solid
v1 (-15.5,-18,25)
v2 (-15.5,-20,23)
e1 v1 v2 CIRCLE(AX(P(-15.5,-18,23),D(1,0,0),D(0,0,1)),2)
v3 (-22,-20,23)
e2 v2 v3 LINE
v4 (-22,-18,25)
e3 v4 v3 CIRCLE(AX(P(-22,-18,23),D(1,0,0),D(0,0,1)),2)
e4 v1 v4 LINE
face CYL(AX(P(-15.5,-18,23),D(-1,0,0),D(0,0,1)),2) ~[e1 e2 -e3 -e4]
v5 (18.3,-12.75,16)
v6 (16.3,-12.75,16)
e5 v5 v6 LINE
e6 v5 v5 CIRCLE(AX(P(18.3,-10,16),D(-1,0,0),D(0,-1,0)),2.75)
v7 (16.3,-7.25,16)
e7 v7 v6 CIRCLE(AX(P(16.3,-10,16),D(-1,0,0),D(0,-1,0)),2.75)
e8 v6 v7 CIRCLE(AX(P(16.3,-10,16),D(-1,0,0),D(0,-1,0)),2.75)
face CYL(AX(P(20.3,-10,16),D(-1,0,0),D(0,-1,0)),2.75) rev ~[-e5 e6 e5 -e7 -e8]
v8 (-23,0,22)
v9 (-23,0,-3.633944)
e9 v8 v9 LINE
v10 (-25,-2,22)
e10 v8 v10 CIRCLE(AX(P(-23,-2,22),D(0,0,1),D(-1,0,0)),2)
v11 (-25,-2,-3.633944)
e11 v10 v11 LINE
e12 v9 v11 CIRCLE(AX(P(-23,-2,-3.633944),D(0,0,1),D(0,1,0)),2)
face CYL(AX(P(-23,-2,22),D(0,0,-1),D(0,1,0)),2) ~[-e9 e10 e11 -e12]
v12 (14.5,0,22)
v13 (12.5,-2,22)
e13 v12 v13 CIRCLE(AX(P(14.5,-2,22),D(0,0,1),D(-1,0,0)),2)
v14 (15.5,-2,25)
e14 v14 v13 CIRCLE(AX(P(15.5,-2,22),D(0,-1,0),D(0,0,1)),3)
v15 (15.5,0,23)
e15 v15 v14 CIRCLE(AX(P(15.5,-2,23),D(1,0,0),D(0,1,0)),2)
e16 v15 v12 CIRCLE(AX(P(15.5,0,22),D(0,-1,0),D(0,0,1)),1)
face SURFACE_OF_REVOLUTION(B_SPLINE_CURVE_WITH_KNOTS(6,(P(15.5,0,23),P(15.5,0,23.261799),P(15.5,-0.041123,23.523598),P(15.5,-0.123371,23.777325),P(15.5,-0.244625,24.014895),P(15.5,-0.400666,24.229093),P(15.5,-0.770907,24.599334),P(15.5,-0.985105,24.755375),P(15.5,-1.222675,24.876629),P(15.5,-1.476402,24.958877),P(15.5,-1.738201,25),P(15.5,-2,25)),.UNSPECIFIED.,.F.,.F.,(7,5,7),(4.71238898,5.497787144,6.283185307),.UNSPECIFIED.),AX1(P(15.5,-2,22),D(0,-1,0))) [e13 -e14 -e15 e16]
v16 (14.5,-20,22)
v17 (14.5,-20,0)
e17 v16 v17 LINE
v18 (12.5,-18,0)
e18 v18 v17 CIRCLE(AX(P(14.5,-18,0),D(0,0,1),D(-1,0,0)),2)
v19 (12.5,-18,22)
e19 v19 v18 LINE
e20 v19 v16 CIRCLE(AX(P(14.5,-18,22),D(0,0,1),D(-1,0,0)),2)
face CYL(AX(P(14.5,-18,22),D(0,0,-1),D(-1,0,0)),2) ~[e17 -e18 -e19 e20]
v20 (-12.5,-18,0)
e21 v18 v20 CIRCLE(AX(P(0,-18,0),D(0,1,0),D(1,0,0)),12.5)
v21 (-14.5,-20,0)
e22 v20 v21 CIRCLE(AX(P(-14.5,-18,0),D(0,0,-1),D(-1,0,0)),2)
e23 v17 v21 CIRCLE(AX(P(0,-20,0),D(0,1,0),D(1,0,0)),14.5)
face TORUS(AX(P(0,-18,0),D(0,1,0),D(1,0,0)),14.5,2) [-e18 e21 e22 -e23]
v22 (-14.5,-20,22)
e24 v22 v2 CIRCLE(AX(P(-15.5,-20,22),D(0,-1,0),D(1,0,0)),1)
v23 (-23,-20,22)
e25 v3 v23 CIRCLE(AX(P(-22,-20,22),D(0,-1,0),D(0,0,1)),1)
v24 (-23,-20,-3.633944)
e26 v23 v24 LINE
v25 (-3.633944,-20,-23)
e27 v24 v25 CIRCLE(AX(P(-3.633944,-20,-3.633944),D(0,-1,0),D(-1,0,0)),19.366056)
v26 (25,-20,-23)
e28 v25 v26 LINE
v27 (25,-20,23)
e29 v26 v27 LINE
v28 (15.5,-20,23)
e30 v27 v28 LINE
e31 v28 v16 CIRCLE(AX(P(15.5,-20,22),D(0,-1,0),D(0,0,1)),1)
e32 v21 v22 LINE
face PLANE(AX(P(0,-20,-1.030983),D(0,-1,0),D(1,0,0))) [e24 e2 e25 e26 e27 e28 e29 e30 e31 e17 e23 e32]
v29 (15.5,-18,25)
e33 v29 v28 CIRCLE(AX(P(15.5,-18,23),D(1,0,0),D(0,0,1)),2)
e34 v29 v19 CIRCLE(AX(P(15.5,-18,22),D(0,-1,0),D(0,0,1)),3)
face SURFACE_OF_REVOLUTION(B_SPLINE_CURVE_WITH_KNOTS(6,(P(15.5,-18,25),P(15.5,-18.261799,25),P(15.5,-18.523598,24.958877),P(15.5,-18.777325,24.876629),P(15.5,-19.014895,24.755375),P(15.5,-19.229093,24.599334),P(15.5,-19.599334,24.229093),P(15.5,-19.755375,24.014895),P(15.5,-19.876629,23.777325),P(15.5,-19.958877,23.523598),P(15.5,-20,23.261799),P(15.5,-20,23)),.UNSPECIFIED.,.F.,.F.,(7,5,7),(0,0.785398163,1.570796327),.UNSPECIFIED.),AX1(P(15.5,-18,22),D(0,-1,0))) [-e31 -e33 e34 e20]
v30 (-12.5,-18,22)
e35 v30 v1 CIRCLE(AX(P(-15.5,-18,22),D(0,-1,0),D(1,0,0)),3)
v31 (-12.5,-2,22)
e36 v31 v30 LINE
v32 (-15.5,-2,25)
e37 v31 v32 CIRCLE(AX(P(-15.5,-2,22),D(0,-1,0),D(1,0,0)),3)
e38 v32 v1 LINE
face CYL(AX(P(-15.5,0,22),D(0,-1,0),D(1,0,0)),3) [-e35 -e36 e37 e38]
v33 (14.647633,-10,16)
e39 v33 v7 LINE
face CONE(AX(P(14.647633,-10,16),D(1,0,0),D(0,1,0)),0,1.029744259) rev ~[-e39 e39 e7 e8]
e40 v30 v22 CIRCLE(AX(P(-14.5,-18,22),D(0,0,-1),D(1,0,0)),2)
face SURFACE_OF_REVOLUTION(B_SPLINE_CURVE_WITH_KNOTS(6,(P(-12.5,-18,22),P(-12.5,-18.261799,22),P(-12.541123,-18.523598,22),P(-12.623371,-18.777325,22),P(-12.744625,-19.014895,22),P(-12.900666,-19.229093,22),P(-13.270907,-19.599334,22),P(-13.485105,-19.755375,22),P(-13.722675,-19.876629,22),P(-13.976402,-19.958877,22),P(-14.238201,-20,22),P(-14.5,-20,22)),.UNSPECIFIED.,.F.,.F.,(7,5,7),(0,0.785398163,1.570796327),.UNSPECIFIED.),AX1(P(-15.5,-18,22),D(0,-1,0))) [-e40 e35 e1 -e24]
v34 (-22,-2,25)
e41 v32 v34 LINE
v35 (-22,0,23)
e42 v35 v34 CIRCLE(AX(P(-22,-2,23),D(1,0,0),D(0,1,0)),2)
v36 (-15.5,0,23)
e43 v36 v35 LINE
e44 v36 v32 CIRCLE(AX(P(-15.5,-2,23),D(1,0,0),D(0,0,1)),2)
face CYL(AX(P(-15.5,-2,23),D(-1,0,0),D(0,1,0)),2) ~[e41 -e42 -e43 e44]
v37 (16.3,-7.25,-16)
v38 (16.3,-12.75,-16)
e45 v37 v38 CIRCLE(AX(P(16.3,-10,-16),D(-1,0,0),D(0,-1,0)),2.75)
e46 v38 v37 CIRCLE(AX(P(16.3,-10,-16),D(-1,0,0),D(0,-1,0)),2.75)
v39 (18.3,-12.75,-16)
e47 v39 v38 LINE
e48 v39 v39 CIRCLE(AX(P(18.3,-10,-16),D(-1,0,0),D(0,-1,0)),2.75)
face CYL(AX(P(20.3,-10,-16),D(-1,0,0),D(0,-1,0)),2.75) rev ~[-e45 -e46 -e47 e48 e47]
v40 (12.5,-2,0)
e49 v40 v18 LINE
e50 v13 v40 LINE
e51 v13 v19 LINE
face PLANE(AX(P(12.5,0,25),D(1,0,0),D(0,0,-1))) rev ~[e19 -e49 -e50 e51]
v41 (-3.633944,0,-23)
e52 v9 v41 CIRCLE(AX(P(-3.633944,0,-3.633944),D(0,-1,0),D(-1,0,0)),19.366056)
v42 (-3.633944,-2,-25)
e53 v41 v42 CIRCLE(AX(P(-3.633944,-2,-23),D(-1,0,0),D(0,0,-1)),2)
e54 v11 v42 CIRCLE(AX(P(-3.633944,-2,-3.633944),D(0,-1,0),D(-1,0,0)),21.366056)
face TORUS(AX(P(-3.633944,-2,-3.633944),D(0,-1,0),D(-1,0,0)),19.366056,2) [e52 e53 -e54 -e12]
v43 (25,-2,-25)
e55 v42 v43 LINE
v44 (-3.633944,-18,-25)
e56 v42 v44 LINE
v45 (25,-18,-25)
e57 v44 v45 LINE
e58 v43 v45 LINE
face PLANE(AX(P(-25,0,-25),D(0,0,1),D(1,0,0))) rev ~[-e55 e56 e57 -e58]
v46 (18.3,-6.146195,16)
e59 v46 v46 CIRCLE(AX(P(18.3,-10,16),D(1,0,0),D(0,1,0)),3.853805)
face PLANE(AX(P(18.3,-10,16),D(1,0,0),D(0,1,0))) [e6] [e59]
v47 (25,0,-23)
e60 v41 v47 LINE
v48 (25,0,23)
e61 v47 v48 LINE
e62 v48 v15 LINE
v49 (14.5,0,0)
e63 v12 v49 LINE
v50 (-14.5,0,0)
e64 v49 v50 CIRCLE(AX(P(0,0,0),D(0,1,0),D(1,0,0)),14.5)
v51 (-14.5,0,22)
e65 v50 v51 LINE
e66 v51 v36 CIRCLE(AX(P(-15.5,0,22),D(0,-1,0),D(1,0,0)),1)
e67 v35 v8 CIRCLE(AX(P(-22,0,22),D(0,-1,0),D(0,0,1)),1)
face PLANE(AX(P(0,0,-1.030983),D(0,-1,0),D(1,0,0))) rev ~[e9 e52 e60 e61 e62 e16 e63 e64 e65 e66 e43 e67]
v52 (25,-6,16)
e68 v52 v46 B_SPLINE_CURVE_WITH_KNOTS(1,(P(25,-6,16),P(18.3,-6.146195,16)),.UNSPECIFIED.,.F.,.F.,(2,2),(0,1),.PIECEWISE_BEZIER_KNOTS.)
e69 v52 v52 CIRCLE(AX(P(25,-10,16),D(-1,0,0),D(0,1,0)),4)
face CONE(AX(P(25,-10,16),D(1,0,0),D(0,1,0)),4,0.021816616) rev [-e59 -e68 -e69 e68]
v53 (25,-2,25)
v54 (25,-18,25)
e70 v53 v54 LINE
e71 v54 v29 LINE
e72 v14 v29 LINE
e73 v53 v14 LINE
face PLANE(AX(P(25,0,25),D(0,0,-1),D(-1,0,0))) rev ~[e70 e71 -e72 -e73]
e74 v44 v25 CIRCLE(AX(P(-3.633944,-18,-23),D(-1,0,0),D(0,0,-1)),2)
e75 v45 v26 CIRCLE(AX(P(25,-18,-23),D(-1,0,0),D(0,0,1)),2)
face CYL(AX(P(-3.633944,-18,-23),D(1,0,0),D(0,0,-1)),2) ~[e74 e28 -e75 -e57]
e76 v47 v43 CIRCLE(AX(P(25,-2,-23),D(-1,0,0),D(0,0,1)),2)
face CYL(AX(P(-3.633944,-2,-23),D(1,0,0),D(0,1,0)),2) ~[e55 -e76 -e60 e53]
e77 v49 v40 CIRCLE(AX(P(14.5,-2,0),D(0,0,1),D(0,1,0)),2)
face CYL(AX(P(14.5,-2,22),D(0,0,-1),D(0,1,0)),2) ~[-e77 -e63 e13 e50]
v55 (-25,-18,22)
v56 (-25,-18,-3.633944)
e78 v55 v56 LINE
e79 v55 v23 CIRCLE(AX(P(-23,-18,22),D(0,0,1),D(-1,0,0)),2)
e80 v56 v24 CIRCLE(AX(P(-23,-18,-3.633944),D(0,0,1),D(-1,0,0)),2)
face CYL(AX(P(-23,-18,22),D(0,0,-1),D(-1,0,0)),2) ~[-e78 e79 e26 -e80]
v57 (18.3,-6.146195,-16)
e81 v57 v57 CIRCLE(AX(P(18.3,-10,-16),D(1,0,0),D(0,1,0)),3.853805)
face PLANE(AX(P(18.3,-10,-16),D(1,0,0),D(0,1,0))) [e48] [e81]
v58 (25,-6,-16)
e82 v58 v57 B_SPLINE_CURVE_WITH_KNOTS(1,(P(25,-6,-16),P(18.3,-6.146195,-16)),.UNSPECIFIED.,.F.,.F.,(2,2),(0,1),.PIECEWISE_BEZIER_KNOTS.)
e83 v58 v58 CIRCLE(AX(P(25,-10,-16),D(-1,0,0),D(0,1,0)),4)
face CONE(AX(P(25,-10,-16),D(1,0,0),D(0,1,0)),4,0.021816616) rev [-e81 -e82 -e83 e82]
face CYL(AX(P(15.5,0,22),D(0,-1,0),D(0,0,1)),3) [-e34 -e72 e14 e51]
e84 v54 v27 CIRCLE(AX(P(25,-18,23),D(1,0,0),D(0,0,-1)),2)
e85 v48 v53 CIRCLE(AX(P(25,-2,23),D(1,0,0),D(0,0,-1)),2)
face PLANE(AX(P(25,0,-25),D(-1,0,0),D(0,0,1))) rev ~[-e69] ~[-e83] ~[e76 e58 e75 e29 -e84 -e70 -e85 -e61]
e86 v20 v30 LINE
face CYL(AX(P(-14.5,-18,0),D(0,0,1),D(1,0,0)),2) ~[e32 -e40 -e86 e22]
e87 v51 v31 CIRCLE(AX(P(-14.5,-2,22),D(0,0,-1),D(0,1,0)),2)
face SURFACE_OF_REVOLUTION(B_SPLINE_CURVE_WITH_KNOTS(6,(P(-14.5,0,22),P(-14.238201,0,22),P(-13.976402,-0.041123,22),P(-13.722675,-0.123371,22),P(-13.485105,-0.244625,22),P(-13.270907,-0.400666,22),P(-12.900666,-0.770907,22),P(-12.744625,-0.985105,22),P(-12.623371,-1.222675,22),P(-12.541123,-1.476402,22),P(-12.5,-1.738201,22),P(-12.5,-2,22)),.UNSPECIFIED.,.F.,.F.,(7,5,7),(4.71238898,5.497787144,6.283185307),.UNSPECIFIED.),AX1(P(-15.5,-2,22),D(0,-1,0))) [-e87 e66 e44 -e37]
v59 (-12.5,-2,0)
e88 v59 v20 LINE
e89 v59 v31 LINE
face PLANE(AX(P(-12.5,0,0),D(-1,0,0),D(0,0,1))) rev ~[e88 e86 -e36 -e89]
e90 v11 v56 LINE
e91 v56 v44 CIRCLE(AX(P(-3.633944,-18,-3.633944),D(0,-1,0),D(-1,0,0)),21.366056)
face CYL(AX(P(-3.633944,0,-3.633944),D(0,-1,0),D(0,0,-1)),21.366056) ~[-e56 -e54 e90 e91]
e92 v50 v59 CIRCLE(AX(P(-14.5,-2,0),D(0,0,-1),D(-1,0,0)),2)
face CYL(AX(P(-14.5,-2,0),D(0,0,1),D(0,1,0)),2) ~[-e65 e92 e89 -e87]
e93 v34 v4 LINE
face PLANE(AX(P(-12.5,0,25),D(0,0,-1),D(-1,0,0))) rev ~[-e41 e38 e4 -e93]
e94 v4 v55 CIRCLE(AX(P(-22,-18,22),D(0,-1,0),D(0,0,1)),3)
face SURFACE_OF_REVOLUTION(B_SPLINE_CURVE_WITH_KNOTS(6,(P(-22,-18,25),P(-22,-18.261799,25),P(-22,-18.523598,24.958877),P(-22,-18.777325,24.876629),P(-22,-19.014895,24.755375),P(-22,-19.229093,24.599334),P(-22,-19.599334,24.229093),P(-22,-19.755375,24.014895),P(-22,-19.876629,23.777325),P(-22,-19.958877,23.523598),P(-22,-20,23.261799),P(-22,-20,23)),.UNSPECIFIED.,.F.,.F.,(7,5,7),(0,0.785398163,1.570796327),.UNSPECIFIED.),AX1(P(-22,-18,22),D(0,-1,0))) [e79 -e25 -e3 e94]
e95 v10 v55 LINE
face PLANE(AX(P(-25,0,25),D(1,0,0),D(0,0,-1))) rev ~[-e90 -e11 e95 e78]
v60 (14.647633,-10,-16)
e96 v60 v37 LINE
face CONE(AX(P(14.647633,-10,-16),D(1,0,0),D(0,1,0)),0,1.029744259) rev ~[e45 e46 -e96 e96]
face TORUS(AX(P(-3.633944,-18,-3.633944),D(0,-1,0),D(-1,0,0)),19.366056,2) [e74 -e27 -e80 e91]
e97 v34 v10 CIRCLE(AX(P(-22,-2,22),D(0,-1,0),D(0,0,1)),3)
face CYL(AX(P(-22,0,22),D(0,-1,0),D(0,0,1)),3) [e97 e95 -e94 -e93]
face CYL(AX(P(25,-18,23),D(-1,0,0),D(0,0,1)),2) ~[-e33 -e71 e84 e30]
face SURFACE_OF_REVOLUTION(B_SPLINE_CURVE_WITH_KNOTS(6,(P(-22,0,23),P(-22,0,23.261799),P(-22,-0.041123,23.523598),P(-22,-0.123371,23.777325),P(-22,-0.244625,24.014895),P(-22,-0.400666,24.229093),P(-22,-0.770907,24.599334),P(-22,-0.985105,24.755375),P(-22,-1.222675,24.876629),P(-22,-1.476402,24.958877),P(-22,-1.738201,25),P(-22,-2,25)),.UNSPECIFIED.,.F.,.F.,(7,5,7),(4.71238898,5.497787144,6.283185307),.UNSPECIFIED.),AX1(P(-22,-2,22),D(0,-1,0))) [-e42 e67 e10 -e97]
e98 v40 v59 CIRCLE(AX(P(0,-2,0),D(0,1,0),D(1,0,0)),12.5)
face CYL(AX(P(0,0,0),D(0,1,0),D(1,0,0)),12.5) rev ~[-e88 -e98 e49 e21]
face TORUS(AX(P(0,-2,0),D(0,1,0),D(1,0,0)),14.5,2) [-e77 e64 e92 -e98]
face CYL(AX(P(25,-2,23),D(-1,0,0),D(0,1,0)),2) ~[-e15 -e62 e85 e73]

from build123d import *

# Parameters (mm, degrees)
F1_DEPTH = 20
F2_R     = 3
F3_R     = 21.3660555905
F4_R     = 4
F7_DEPTH = 6.7
F7_TAPER = 1.25
F8_D     = 5.5
F8_DEPTH = 2
F8_START = 6.7
F8_TIP   = 1.6523667023
F9_R     = 2


with BuildPart() as f1:
    # F0 (on Front) → F1 (new body)
    with BuildSketch(Plane.XZ):
        with BuildLine():
            Line((-25, -25), (25, -25))
            Line((25, -25), (25, 25))
            Line((25, 25), (12.5, 25))
            Line((12.5, 25), (12.5, 0))
            ThreePointArc((12.5, 0), (0, -12.5), (-12.5, 0))
            Line((-12.5, 0), (-12.5, 25))
            Line((-12.5, 25), (-25, 25))
            Line((-25, 25), (-25, -25))
        make_face()
    extrude(amount=F1_DEPTH)

    # F2
    f2_edges = [f1.edges().sort_by_distance(p)[0] for p in [
        (12.5, -10, 25),
        (-12.5, -10, 25),
        (-25, -10, 25),
    ]]
    fillet(f2_edges, radius=F2_R)

    # F3
    f3_edges = [f1.edges().sort_by_distance(p)[0] for p in [
        (-25, -10, -25),
    ]]
    fillet(f3_edges, radius=F3_R)

    # F4 (on face) → F7 (cut)
    with BuildSketch(Plane.YZ.offset(25)):
        with Locations((-10, 16)):
            Circle(F4_R)
        with Locations((-10, -16)):
            Circle(F4_R)
    extrude(amount=-F7_DEPTH, taper=F7_TAPER, mode=Mode.SUBTRACT)

    # F8
    # its depths count from where the whole tool has entered the part; down to there all is cleared
    with Locations(Plane.YZ.offset(25)):
        with Locations((-10, 16), (-10, -16)):
            Hole(F8_D / 2, depth=F8_START)
    with Locations(Plane.YZ.offset(25).offset(-F8_START)):
        with Locations((-10, 16), (-10, -16)):
            Hole(F8_D / 2, depth=F8_DEPTH)
            with Locations((0, 0, -(F8_DEPTH + F8_TIP / 2))):  # 118° drill point
                Cone(0, F8_D / 2, F8_TIP, mode=Mode.SUBTRACT)

    # F9
    f9_edges = [f1.edges().sort_by_distance(p)[0] for p in [
        (20.25, 0, 25),
        (20.25, -20, 25),
    ]]
    fillet(f9_edges, radius=F9_R)


solid = f1.part
